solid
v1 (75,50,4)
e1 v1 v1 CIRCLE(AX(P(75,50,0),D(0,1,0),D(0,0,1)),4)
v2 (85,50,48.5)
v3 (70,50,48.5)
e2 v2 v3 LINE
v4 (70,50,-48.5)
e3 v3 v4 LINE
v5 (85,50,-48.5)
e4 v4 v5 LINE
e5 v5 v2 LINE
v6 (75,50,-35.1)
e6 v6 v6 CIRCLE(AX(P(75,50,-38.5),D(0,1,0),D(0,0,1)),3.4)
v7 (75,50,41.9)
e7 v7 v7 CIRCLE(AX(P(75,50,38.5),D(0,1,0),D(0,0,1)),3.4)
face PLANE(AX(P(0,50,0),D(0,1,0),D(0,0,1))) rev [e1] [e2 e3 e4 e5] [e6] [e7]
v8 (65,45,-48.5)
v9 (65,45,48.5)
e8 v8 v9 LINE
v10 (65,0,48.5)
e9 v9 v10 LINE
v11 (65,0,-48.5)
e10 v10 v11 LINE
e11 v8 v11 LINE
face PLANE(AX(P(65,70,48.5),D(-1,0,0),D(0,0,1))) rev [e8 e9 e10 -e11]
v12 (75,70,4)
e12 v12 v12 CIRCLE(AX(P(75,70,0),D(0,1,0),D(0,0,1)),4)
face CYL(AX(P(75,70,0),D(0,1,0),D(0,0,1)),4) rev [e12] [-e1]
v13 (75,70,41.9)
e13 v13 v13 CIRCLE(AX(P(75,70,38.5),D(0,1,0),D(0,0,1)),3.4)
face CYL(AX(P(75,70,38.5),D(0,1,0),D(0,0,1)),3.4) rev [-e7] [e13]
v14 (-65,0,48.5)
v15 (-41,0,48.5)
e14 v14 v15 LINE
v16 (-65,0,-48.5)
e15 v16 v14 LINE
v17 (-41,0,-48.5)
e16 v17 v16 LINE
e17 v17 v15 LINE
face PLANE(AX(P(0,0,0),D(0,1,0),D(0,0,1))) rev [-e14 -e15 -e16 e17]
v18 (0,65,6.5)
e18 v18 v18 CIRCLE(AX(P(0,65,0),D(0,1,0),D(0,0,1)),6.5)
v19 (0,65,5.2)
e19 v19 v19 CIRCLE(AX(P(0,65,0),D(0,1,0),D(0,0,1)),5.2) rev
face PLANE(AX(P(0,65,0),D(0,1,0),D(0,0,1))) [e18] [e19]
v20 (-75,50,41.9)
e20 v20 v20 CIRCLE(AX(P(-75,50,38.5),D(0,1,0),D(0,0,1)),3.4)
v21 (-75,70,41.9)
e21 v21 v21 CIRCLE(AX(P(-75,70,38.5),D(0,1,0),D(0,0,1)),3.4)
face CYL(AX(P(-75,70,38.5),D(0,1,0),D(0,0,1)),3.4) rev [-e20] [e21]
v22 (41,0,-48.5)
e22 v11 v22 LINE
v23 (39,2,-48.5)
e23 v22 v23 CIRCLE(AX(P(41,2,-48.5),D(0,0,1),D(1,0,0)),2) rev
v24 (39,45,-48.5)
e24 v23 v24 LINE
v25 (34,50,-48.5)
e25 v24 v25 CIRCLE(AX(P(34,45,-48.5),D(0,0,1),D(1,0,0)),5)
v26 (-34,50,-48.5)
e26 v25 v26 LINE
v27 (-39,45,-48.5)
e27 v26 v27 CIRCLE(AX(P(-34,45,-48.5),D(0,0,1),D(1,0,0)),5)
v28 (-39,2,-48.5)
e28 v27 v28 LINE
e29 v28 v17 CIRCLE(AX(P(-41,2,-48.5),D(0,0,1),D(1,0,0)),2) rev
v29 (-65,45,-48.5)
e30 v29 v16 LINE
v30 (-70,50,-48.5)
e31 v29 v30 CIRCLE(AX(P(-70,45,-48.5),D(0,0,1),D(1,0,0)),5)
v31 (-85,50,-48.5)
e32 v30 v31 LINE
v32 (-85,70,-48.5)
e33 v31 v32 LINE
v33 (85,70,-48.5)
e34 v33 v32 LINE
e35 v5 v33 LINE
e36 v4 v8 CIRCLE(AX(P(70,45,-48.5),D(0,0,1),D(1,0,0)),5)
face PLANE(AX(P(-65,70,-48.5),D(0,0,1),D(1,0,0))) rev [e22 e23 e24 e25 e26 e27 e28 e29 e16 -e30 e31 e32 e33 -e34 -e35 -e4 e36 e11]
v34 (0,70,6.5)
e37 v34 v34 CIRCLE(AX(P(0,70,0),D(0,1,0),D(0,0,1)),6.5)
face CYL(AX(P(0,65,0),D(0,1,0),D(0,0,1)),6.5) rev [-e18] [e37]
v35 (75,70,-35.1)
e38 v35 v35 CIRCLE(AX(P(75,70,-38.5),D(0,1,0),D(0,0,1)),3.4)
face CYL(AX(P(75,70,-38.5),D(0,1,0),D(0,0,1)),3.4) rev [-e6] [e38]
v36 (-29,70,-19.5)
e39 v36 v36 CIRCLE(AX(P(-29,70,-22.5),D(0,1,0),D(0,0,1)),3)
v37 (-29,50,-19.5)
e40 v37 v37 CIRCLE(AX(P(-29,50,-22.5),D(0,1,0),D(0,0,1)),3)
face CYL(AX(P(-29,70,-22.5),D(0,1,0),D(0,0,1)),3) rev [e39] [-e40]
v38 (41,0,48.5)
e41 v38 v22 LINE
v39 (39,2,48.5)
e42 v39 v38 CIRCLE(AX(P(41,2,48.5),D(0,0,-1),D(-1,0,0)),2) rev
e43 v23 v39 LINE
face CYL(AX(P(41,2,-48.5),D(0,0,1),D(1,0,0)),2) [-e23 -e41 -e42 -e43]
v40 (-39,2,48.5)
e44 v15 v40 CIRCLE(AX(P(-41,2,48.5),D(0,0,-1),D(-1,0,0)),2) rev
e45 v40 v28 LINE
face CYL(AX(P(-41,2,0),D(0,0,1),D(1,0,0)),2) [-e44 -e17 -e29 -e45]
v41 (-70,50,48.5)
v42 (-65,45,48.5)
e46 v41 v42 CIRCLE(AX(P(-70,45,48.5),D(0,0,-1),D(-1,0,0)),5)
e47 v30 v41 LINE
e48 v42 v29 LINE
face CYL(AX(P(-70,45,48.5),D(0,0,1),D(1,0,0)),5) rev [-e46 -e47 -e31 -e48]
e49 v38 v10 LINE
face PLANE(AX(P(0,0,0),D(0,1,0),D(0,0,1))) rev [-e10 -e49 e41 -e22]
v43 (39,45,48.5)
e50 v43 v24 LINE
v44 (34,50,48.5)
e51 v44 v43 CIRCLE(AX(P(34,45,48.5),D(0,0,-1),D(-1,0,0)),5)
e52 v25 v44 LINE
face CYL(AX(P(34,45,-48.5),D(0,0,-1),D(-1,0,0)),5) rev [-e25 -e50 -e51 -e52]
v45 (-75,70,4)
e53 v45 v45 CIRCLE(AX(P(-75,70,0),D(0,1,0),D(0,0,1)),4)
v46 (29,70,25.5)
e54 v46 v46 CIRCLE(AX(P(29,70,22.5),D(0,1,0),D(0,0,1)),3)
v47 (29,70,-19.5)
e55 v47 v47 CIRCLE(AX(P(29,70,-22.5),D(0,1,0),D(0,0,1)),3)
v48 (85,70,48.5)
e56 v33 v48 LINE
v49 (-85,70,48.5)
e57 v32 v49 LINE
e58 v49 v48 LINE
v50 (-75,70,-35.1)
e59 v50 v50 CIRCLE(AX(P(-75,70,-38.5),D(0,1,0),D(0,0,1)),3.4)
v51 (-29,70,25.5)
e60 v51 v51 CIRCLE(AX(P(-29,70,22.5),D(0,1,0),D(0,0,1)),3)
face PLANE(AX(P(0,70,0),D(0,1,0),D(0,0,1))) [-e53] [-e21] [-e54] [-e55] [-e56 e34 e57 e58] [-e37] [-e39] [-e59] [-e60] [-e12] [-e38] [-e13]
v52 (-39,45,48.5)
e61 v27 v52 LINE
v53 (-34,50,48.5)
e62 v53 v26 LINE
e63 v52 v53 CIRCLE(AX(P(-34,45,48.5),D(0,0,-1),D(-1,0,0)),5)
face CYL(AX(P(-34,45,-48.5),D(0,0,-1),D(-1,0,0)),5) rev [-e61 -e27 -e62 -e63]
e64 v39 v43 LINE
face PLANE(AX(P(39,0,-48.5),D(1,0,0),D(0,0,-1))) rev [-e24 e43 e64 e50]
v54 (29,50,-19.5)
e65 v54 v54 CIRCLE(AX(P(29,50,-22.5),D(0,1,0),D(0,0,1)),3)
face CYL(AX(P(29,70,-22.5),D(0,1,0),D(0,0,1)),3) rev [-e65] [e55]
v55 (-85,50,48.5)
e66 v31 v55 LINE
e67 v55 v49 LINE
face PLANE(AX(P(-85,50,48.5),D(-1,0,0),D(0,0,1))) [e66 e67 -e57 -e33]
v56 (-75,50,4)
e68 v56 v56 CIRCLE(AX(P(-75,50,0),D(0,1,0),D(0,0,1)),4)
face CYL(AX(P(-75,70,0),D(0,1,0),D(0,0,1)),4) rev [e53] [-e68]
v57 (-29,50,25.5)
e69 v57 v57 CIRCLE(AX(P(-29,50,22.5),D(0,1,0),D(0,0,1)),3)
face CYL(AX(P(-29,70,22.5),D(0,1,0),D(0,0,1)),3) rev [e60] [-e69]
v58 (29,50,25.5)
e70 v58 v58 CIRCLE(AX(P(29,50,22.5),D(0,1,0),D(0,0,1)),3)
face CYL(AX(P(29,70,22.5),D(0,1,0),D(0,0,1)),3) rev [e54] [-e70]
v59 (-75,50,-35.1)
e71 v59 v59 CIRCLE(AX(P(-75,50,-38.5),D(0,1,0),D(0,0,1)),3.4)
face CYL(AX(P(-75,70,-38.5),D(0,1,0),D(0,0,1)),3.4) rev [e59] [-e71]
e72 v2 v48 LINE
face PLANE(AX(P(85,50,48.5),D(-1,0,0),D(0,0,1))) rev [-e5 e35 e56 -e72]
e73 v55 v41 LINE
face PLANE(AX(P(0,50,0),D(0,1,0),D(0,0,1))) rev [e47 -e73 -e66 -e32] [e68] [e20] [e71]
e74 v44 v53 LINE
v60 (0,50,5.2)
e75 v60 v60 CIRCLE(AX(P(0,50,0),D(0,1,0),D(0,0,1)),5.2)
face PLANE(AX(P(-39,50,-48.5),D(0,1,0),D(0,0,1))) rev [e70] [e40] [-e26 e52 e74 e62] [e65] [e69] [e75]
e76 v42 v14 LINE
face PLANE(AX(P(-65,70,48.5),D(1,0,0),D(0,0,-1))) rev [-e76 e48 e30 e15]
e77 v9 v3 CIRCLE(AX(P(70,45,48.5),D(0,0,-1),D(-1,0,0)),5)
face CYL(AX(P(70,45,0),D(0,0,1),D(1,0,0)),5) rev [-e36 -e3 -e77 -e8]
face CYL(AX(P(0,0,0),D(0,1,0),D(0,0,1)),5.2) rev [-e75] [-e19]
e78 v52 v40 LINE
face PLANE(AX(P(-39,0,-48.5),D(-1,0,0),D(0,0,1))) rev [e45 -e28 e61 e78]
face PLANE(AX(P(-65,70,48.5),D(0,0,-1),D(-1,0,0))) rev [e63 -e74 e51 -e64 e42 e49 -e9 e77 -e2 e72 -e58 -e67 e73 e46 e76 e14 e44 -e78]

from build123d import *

# Parameters (mm, degrees)
SKETCH1_W                = 130
SKETCH1_H                = 97
BOSS_EXTRUDE1_DEPTH      = 70
SKETCH2_W                = 78
SKETCH2_H                = 50
CUT_EXTRUDE1_DEPTH       = 137.1396342
FILLET3_R                = 5
SKETCH3_R                = 5.2
CUT_EXTRUDE2_DEPTH       = 108.131928014
SKETCH4_R                = 6.5
CUT_EXTRUDE3_DEPTH       = 5
FILLET4_R                = 2
F_5_0_5_DIAMETER_HOLE1_D = 6
SKETCH8_W                = 20
SKETCH8_H                = 97
BOSS_EXTRUDE2_DEPTH      = 20
FILLET5_R                = 5
M8_TAPPED_HOLE1_D        = 6.8
F_8_0MM_DOWEL_HOLE1_D    = 8


with BuildPart() as part:
    # Sketch1 → Boss-Extrude1 (new body)
    with BuildSketch(Plane(origin=(0, 0, 0), x_dir=(1, 0, 0), z_dir=(0, 1, 0))):
        Rectangle(SKETCH1_W, SKETCH1_H)
    extrude(amount=BOSS_EXTRUDE1_DEPTH)

    # Sketch2 → Cut-Extrude1 (cut, through all)
    with BuildSketch(Plane.XY.offset(48.5)):
        with Locations((0, 25)):
            Rectangle(SKETCH2_W, SKETCH2_H)
    extrude(amount=-CUT_EXTRUDE1_DEPTH, mode=Mode.SUBTRACT)

    # Fillet3
    fillet3_edges = [part.edges().sort_by_distance(p)[0] for p in [
        (-39, 50, 0),
        (39, 50, 0),
    ]]
    fillet(fillet3_edges, radius=FILLET3_R)

    # Sketch3 → Cut-Extrude2 (cut, through all)
    with BuildSketch(Plane(origin=(0, 70, 0), x_dir=(1, 0, 0), z_dir=(0, 1, 0))):
        with Locations(Location((0, 0, 0), (0, 0, 270))):
            Circle(SKETCH3_R)
    extrude(amount=-CUT_EXTRUDE2_DEPTH, mode=Mode.SUBTRACT)

    # Sketch4 → Cut-Extrude3 (cut)
    with BuildSketch(Plane(origin=(0, 70, 0), x_dir=(1, 0, 0), z_dir=(0, 1, 0))):
        with Locations(Location((0, 0, 0), (0, 0, 270))):
            Circle(SKETCH4_R)
    extrude(amount=-CUT_EXTRUDE3_DEPTH, mode=Mode.SUBTRACT)

    # Fillet4
    fillet4_edges = [part.edges().sort_by_distance(p)[0] for p in [
        (-39, 0, 0),
        (39, 0, 0),
    ]]
    fillet(fillet4_edges, radius=FILLET4_R)

    # Ø5.0 (5) Diameter Hole1 (through all)
    with Locations(Plane(origin=(0, 70, 0), x_dir=(1, 0, 0), z_dir=(0, 1, 0))):
        with Locations((-29, 22.5), (29, 22.5), (29, -22.5), (-29, -22.5)):
            Hole(F_5_0_5_DIAMETER_HOLE1_D / 2)

    # Sketch8 → Boss-Extrude2 (add)
    with BuildSketch(Plane(origin=(0, 70, 0), x_dir=(1, 0, 0), z_dir=(0, 1, 0))):
        with Locations((-75, 0)):
            Rectangle(SKETCH8_W, SKETCH8_H)
    boss_extrude2 = extrude(amount=-BOSS_EXTRUDE2_DEPTH)

    # Mirror1: Boss-Extrude2 across plane
    add(boss_extrude2.mirror(Plane(origin=(0, 0, 0), x_dir=(0, 0, 1), z_dir=(1, 0, 0))))

    # Fillet5
    fillet5_edges = [part.edges().sort_by_distance(p)[0] for p in [
        (65, 50, 0),
        (-65, 50, 0),
    ]]
    fillet(fillet5_edges, radius=FILLET5_R)

    # M8 Tapped Hole1 (through all)
    with Locations(Plane(origin=(0, 70, 0), x_dir=(1, 0, 0), z_dir=(0, 1, 0))):
        with Locations((-75, 38.5), (-75, -38.5), (75, -38.5), (75, 38.5)):
            Hole(M8_TAPPED_HOLE1_D / 2)

    # Ø8.0mm Dowel Hole1 (through all)
    with Locations(Plane(origin=(0, 70, 0), x_dir=(1, 0, 0), z_dir=(0, 1, 0))):
        with Locations((-75, 0), (75, 0)):
            Hole(F_8_0MM_DOWEL_HOLE1_D / 2)


solid = part.part
